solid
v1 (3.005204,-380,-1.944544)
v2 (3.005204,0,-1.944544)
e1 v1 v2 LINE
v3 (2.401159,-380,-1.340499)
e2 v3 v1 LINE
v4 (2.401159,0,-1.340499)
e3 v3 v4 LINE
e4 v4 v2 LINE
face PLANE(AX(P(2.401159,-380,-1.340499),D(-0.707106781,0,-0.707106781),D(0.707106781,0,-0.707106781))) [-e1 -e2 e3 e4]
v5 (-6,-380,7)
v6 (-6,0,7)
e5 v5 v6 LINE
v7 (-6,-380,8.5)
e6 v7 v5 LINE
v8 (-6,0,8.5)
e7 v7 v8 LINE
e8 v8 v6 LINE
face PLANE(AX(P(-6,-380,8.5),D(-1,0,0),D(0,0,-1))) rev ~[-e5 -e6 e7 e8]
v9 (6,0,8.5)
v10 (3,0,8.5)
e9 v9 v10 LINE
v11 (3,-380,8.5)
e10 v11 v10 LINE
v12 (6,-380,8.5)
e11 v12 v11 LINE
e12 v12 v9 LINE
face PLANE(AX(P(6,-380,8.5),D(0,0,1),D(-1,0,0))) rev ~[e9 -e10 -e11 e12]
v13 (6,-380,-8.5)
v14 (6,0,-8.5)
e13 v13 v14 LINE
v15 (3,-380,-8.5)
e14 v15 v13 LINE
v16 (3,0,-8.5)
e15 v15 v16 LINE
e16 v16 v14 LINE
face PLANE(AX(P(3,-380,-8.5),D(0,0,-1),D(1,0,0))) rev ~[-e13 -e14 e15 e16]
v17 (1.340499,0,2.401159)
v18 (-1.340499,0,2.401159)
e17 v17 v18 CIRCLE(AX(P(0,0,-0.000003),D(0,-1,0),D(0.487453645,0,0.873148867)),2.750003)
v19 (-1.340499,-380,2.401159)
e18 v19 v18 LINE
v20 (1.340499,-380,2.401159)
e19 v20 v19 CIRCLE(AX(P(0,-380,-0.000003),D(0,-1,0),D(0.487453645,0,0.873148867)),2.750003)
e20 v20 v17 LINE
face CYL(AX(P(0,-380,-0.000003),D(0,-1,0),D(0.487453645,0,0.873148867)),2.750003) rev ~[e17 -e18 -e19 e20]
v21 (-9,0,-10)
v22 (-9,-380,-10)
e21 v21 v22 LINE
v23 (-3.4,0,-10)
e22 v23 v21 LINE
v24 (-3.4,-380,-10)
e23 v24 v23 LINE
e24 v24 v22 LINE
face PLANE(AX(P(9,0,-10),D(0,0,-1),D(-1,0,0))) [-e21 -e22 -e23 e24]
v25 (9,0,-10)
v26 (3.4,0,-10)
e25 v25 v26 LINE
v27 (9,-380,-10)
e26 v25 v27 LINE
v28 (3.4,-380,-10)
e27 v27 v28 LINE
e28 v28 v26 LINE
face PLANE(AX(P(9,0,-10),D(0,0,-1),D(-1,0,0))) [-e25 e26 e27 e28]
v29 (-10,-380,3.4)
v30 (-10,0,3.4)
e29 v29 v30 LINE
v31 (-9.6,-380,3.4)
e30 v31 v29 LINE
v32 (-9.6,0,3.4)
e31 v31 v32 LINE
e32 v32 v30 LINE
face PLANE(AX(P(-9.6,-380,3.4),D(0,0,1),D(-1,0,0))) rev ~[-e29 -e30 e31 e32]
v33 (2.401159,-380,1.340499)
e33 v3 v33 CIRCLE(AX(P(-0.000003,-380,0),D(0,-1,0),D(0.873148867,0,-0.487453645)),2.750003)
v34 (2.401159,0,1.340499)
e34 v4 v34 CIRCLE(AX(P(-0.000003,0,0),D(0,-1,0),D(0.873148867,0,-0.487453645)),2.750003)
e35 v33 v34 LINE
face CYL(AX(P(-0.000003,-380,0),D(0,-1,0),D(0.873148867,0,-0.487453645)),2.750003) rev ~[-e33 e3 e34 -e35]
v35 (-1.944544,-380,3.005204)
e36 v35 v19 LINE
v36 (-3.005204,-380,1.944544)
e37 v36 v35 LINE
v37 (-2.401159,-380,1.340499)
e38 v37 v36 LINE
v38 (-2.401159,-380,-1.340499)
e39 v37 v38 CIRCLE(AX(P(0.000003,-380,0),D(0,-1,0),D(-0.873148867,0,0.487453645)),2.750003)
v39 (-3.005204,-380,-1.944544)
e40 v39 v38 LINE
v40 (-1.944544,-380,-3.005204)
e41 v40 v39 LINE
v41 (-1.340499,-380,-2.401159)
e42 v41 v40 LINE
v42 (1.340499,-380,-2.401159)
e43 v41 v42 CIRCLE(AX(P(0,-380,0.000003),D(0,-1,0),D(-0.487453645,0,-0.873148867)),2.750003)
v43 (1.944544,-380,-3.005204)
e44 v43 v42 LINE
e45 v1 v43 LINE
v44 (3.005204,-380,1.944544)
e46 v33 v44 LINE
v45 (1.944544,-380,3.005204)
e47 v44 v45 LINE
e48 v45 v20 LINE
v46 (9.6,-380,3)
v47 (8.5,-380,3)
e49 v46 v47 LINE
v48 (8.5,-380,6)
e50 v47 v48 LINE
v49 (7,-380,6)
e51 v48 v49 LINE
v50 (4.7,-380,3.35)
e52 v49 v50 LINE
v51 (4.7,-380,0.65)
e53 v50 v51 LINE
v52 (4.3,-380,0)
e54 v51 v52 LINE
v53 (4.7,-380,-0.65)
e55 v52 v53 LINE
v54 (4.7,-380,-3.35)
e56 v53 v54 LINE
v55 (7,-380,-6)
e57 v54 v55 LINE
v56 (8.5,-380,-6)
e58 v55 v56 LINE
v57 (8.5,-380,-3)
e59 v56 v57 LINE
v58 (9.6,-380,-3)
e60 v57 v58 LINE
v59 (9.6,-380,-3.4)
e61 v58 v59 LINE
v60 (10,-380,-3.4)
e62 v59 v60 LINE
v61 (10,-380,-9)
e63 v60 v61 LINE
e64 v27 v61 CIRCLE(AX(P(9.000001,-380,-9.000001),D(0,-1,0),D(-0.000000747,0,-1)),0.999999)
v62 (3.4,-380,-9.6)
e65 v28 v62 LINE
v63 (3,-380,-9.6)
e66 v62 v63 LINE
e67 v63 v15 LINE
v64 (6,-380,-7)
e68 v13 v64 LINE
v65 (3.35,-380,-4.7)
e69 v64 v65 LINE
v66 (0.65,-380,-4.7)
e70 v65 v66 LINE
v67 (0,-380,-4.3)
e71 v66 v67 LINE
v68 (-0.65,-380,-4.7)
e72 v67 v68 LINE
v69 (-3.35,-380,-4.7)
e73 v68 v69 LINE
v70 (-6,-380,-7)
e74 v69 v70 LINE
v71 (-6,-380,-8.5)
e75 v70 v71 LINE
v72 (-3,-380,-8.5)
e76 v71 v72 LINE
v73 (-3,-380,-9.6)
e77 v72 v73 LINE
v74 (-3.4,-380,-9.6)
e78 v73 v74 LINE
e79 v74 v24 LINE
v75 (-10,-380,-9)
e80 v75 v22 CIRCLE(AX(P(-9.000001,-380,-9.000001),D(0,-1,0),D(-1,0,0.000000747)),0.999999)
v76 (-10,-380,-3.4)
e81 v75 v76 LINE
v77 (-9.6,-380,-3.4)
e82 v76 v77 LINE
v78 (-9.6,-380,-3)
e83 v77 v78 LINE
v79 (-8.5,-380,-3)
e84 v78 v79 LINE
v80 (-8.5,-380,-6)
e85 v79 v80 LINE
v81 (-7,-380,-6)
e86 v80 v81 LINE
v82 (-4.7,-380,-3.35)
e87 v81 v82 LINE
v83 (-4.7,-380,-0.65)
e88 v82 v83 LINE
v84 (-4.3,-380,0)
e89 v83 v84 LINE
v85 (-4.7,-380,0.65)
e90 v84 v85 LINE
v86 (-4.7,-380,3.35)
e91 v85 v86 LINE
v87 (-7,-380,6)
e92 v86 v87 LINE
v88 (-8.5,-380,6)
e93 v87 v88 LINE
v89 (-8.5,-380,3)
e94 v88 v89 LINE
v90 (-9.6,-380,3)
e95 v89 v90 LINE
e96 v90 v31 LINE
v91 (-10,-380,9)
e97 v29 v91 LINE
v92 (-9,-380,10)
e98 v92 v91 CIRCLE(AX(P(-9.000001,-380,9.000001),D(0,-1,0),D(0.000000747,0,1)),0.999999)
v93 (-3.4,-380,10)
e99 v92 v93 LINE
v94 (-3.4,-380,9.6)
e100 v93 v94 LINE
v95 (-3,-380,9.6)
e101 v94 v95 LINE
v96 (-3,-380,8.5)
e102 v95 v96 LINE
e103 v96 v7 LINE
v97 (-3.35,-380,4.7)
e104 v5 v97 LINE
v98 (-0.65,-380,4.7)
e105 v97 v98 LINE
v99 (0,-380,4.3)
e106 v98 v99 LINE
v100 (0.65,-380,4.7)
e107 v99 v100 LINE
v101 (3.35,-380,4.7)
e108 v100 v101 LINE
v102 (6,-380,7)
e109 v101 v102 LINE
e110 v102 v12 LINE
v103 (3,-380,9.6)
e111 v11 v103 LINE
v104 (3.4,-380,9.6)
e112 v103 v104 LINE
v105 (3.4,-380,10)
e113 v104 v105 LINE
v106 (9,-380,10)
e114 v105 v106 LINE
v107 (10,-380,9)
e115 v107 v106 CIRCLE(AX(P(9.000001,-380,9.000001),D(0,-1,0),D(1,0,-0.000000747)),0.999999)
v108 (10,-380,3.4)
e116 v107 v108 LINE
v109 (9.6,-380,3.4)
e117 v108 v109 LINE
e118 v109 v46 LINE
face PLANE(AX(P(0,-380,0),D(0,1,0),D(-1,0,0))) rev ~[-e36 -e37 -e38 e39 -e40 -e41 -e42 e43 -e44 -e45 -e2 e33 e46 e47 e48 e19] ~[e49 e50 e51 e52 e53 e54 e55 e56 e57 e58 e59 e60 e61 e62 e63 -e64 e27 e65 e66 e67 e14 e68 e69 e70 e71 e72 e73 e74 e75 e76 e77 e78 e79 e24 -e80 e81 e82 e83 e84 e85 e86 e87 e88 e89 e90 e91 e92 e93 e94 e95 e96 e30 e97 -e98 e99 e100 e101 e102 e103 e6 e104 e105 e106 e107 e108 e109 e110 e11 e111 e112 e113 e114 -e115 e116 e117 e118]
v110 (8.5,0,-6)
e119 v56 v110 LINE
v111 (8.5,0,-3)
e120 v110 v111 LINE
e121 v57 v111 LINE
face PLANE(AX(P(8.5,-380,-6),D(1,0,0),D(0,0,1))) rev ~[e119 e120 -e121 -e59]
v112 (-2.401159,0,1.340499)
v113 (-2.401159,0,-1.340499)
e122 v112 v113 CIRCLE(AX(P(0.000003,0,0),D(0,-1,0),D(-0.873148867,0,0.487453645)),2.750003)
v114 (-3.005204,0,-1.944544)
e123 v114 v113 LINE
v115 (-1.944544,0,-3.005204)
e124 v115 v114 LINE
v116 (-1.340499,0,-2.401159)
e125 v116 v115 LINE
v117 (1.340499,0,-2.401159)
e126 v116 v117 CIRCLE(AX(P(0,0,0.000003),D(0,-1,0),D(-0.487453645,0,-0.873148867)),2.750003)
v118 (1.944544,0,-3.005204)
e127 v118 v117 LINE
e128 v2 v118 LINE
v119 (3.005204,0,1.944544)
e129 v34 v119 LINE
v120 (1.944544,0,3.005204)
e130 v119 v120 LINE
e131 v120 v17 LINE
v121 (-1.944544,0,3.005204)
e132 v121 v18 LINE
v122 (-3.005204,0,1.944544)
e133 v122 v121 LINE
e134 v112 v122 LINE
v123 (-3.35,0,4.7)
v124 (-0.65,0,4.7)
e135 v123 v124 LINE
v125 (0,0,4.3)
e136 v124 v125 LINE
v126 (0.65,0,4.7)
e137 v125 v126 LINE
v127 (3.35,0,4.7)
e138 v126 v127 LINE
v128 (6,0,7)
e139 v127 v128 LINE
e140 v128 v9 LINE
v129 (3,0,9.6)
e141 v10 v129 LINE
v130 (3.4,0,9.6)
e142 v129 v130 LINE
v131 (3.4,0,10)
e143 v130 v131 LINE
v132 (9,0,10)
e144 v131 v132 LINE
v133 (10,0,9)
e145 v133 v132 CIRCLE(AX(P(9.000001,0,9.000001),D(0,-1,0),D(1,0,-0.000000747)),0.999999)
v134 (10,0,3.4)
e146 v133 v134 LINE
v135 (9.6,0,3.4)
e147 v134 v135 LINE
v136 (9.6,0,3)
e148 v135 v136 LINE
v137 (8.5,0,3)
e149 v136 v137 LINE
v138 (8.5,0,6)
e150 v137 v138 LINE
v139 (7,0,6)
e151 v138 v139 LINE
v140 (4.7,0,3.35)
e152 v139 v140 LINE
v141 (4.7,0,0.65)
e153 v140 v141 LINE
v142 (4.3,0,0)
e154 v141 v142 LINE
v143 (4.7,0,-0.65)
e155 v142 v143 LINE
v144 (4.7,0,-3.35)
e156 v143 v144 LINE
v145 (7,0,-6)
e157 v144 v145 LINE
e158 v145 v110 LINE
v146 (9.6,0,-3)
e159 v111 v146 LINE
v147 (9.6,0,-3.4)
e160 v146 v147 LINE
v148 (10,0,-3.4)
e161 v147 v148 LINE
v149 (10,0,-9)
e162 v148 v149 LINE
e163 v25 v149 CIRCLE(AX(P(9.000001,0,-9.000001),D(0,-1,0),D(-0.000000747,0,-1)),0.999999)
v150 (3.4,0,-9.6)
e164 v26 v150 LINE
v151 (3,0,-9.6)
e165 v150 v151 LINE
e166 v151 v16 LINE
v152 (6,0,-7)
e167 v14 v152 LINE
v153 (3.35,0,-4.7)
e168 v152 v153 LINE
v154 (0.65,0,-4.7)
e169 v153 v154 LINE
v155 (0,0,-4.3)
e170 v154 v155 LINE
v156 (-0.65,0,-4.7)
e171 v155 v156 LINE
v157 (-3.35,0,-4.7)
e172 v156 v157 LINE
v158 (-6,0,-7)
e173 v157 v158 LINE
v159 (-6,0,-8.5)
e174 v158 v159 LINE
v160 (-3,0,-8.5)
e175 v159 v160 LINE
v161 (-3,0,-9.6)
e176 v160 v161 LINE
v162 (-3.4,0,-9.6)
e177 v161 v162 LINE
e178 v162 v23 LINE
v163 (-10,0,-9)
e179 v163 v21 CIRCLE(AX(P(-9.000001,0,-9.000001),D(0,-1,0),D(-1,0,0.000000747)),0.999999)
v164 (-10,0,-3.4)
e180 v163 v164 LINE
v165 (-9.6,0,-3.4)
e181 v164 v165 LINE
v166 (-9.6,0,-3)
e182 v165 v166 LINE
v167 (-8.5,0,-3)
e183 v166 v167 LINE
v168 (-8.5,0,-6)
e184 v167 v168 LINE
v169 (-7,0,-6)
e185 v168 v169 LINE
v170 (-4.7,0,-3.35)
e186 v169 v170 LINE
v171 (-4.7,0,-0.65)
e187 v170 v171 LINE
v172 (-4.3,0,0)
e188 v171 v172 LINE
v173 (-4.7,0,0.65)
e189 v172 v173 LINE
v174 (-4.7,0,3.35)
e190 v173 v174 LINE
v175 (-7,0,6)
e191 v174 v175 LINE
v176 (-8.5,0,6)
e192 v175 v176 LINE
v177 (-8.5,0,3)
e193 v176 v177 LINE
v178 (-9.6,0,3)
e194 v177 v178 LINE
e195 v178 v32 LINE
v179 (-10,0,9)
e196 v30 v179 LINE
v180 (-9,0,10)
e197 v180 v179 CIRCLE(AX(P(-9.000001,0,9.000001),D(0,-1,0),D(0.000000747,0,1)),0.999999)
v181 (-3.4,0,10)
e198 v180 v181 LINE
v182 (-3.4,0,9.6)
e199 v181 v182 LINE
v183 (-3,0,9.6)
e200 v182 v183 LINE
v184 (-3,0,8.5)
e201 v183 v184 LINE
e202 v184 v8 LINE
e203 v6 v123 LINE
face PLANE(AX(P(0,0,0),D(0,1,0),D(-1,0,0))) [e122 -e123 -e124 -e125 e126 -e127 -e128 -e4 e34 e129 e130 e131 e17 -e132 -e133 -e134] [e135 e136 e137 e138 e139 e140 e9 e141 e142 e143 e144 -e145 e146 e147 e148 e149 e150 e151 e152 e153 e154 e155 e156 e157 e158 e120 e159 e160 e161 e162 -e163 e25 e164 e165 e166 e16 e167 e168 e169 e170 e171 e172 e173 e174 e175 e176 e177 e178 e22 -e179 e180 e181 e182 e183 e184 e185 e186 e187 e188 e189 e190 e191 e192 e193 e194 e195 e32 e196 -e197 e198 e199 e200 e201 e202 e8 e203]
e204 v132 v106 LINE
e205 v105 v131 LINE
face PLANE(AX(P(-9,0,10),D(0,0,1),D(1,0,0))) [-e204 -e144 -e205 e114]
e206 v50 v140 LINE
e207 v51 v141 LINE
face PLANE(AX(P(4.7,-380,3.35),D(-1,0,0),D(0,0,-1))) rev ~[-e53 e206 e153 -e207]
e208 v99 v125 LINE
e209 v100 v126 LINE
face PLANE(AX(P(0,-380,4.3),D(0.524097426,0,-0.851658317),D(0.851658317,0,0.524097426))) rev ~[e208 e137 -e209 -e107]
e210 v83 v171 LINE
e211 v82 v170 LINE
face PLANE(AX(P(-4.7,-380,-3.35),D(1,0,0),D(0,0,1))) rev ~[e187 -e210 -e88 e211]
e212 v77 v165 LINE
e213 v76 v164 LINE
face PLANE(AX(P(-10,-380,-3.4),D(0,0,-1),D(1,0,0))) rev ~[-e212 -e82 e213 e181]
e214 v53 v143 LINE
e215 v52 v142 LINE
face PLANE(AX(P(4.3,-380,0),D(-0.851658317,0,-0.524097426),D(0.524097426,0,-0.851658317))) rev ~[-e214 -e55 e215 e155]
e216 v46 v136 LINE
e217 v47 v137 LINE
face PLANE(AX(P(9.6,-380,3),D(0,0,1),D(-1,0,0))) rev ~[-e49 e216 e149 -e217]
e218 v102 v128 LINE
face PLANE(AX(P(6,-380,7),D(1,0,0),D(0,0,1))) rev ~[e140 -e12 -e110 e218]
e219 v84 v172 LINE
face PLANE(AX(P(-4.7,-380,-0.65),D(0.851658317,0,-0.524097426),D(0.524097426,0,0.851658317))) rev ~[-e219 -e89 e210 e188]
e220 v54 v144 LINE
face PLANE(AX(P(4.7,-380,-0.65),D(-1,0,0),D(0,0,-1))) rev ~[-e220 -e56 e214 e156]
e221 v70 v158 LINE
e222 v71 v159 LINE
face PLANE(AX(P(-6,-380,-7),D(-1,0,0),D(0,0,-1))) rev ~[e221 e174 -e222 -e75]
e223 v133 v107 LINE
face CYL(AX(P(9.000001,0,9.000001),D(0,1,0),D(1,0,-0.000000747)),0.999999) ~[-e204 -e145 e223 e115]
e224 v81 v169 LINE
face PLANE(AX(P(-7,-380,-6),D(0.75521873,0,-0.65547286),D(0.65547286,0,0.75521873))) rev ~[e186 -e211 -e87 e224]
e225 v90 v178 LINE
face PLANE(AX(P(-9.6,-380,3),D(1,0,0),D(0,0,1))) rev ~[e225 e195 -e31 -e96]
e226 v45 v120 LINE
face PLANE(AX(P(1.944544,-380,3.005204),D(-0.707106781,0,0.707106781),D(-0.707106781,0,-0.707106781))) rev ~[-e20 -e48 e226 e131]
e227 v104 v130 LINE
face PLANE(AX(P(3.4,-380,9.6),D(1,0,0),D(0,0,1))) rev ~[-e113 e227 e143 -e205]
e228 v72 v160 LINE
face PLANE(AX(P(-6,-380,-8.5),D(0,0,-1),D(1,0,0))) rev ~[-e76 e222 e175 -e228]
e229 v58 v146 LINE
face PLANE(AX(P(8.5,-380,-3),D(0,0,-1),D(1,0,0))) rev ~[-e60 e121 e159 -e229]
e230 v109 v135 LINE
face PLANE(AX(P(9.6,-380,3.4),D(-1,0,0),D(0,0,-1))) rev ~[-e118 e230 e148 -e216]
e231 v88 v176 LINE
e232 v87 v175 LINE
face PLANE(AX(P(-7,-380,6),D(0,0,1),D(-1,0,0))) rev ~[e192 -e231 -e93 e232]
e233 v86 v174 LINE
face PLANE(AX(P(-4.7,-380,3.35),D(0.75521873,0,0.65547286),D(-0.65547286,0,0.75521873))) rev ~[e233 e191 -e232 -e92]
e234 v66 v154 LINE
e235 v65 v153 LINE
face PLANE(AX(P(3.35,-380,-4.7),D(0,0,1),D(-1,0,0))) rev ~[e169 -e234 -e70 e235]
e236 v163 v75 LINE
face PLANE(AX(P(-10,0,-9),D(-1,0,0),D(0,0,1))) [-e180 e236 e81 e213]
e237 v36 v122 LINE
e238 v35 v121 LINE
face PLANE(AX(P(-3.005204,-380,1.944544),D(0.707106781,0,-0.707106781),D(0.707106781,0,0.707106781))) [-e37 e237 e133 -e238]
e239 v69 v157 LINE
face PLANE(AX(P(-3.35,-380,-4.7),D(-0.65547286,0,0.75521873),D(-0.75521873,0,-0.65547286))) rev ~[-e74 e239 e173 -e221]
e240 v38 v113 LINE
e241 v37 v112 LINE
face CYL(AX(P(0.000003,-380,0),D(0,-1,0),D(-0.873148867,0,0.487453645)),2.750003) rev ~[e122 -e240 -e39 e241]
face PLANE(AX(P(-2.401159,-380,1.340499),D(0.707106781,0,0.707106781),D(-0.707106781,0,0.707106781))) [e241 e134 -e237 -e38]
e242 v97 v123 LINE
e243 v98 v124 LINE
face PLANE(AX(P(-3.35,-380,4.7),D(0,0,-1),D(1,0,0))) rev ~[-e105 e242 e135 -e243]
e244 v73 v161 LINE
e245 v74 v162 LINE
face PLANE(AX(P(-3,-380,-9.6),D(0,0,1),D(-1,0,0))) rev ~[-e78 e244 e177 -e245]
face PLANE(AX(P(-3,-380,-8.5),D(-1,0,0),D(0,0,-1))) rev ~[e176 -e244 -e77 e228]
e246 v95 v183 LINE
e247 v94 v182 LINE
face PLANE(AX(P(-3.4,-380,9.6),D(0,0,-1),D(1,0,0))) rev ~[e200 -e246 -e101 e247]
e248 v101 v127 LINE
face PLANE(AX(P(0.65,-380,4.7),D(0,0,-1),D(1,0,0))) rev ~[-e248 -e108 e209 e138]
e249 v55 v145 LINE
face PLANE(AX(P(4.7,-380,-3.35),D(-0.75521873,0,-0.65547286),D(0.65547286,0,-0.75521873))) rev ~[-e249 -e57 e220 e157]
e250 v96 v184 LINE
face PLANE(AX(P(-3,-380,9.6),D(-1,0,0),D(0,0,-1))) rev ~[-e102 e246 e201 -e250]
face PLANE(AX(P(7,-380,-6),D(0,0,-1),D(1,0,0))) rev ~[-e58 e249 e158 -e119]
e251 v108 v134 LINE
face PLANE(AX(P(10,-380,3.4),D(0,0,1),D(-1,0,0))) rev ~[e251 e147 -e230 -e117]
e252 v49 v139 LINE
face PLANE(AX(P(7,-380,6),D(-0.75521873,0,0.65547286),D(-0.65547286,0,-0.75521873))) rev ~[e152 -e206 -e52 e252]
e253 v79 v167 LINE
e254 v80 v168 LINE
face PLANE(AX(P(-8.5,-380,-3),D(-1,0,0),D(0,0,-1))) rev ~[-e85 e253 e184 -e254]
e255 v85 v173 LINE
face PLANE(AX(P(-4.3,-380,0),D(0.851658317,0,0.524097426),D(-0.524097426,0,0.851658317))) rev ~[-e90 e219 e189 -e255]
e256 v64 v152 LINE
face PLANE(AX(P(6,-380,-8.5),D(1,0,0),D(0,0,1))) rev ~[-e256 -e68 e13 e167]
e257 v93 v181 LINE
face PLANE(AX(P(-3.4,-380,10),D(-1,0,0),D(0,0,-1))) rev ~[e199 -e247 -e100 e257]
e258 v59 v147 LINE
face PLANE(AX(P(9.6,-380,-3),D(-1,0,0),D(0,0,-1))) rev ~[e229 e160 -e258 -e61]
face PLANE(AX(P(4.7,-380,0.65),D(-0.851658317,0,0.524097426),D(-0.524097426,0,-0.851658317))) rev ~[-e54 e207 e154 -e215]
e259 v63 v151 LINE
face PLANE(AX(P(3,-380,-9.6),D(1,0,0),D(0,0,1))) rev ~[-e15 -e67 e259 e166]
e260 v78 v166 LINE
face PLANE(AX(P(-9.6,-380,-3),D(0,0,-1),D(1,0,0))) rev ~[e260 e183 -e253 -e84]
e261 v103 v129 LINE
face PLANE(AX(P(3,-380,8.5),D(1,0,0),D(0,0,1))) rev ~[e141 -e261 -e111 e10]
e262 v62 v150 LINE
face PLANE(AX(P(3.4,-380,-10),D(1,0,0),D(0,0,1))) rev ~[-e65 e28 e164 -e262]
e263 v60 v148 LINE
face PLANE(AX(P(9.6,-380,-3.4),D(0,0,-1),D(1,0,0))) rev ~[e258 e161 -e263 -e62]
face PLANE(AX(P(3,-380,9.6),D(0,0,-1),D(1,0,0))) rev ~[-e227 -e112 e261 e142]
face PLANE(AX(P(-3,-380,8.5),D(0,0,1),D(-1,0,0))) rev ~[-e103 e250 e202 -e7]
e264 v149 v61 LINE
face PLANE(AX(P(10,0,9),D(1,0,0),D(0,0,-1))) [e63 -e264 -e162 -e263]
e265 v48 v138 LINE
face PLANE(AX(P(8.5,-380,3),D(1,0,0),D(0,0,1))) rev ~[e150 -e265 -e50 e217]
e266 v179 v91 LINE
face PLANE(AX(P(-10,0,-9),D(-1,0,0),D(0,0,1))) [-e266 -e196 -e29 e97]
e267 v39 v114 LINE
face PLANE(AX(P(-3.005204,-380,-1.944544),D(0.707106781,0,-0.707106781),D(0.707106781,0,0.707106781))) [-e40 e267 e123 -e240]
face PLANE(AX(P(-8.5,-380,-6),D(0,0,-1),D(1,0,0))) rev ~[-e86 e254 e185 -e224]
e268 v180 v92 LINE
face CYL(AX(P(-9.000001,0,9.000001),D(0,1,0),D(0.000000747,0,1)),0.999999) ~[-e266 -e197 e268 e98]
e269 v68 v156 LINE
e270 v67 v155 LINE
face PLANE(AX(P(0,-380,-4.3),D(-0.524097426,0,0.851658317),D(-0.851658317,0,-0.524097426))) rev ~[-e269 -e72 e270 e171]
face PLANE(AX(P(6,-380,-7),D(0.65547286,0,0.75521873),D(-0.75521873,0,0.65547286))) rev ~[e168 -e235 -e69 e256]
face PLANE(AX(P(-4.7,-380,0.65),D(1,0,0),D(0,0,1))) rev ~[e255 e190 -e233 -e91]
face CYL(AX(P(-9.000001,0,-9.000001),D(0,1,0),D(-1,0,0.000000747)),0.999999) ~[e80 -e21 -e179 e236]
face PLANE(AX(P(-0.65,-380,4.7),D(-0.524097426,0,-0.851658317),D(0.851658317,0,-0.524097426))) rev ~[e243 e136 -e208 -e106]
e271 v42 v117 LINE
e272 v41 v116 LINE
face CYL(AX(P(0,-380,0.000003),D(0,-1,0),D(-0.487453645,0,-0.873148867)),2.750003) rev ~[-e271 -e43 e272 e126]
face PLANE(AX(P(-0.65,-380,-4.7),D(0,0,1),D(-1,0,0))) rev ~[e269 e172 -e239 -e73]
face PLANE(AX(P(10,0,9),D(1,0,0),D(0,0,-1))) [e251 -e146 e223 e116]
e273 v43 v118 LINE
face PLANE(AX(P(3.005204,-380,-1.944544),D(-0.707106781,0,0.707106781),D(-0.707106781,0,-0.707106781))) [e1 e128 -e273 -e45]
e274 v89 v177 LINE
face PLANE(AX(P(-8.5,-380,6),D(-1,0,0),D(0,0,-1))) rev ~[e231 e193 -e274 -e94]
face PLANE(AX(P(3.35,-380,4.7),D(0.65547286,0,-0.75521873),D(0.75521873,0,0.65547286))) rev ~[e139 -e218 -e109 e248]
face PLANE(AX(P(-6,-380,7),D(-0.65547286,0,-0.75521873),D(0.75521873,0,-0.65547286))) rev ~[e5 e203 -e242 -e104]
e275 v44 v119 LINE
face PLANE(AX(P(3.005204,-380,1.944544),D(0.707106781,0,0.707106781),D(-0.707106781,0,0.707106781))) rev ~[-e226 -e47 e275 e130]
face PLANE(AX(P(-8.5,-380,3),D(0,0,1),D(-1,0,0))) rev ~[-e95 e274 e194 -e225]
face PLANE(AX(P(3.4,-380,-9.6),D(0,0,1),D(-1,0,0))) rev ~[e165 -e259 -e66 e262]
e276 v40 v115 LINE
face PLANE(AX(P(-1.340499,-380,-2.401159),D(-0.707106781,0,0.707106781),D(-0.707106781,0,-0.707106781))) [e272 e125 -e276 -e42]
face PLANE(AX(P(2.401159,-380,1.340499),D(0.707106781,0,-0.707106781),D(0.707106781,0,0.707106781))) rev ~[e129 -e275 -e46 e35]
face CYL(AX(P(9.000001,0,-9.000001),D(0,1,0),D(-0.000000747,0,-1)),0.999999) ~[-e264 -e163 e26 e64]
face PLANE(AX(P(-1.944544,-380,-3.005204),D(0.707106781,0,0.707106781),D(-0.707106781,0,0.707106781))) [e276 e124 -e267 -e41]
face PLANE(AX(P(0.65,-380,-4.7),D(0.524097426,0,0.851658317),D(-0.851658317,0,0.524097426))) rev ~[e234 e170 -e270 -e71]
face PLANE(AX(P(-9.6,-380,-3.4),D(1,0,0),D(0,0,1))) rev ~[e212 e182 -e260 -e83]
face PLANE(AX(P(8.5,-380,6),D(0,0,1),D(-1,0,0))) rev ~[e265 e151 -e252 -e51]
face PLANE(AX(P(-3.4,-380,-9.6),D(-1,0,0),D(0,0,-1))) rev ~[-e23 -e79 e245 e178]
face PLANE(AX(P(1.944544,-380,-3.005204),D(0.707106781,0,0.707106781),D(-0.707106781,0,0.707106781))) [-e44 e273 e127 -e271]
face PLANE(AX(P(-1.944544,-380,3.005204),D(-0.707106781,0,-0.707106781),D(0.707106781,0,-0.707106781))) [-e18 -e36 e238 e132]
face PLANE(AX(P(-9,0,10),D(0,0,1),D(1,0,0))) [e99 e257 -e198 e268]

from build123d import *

# Parameters (mm, degrees)
PAD_DEPTH          = 380
POCKET_DEPTH       = 380
POLARPATTERN_COUNT = 4
POCKET001_DEPTH    = 380


with BuildPart() as part:
    # Sketch → Pad (new body)
    with BuildSketch(Plane.XZ):
        with BuildLine():
            Line((-9, 10), (9, 10))
            ThreePointArc((10, 9), (9.707107, 9.707107), (9, 10))
            Line((10, 9), (10, -9))
            ThreePointArc((9, -10), (9.707107, -9.707107), (10, -9))
            Line((9, -10), (-9, -10))
            ThreePointArc((-10, -9), (-9.707107, -9.707107), (-9, -10))
            Line((-10, -9), (-10, 9))
            ThreePointArc((-9, 10), (-9.707107, 9.707107), (-10, 9))
        make_face()
    extrude(amount=PAD_DEPTH)

    # Sketch001 → Pocket (cut)
    with BuildSketch(Plane.XZ.offset(380)):
        Polygon((-3.4, 10), (-3.4, 9.6), (-3, 9.6), (-3, 8.5), (-6, 8.5), (-6, 7), (-3.35, 4.7), (-0.65, 4.7), (0, 4.3), (0.65, 4.7), (3.35, 4.7), (6, 7), (6, 8.5), (3, 8.5), (3, 9.6), (3.4, 9.6), (3.4, 10), align=None)
    pocket = extrude(amount=-POCKET_DEPTH, mode=Mode.SUBTRACT)

    # PolarPattern: Pocket ×4 about axis
    polarpattern_axis = Axis((0, -380, 0), (0, -1, 0))
    for i in range(1, POLARPATTERN_COUNT):
        add(pocket.rotate(polarpattern_axis, i * 360 / POLARPATTERN_COUNT), mode=Mode.SUBTRACT)

    # Sketch002 → Pocket001 (cut)
    with BuildSketch(Plane.XZ.offset(380)):
        with BuildLine():
            ThreePointArc((1.340499, 2.401159), (0, 2.75), (-1.340499, 2.401159))
            Line((-1.944544, 3.005204), (-1.340499, 2.401159))
            Line((-3.005204, 1.944544), (-1.944544, 3.005204))
            Line((-2.401159, 1.340499), (-3.005204, 1.944544))
            ThreePointArc((-2.401159, 1.340499), (-2.75, 0), (-2.401159, -1.340499))
            Line((-3.005204, -1.944544), (-2.401159, -1.340499))
            Line((-1.944544, -3.005204), (-3.005204, -1.944544))
            Line((-1.340499, -2.401159), (-1.944544, -3.005204))
            ThreePointArc((-1.340499, -2.401159), (0, -2.75), (1.340499, -2.401159))
            Line((1.944544, -3.005204), (1.340499, -2.401159))
            Line((3.005204, -1.944544), (1.944544, -3.005204))
            Line((2.401159, -1.340499), (3.005204, -1.944544))
            ThreePointArc((2.401159, -1.340499), (2.75, 0), (2.401159, 1.340499))
            Line((2.401159, 1.340499), (3.005204, 1.944544))
            Line((3.005204, 1.944544), (1.944544, 3.005204))
            Line((1.944544, 3.005204), (1.340499, 2.401159))
        make_face()
    extrude(amount=-POCKET001_DEPTH, mode=Mode.SUBTRACT)


solid = part.part
